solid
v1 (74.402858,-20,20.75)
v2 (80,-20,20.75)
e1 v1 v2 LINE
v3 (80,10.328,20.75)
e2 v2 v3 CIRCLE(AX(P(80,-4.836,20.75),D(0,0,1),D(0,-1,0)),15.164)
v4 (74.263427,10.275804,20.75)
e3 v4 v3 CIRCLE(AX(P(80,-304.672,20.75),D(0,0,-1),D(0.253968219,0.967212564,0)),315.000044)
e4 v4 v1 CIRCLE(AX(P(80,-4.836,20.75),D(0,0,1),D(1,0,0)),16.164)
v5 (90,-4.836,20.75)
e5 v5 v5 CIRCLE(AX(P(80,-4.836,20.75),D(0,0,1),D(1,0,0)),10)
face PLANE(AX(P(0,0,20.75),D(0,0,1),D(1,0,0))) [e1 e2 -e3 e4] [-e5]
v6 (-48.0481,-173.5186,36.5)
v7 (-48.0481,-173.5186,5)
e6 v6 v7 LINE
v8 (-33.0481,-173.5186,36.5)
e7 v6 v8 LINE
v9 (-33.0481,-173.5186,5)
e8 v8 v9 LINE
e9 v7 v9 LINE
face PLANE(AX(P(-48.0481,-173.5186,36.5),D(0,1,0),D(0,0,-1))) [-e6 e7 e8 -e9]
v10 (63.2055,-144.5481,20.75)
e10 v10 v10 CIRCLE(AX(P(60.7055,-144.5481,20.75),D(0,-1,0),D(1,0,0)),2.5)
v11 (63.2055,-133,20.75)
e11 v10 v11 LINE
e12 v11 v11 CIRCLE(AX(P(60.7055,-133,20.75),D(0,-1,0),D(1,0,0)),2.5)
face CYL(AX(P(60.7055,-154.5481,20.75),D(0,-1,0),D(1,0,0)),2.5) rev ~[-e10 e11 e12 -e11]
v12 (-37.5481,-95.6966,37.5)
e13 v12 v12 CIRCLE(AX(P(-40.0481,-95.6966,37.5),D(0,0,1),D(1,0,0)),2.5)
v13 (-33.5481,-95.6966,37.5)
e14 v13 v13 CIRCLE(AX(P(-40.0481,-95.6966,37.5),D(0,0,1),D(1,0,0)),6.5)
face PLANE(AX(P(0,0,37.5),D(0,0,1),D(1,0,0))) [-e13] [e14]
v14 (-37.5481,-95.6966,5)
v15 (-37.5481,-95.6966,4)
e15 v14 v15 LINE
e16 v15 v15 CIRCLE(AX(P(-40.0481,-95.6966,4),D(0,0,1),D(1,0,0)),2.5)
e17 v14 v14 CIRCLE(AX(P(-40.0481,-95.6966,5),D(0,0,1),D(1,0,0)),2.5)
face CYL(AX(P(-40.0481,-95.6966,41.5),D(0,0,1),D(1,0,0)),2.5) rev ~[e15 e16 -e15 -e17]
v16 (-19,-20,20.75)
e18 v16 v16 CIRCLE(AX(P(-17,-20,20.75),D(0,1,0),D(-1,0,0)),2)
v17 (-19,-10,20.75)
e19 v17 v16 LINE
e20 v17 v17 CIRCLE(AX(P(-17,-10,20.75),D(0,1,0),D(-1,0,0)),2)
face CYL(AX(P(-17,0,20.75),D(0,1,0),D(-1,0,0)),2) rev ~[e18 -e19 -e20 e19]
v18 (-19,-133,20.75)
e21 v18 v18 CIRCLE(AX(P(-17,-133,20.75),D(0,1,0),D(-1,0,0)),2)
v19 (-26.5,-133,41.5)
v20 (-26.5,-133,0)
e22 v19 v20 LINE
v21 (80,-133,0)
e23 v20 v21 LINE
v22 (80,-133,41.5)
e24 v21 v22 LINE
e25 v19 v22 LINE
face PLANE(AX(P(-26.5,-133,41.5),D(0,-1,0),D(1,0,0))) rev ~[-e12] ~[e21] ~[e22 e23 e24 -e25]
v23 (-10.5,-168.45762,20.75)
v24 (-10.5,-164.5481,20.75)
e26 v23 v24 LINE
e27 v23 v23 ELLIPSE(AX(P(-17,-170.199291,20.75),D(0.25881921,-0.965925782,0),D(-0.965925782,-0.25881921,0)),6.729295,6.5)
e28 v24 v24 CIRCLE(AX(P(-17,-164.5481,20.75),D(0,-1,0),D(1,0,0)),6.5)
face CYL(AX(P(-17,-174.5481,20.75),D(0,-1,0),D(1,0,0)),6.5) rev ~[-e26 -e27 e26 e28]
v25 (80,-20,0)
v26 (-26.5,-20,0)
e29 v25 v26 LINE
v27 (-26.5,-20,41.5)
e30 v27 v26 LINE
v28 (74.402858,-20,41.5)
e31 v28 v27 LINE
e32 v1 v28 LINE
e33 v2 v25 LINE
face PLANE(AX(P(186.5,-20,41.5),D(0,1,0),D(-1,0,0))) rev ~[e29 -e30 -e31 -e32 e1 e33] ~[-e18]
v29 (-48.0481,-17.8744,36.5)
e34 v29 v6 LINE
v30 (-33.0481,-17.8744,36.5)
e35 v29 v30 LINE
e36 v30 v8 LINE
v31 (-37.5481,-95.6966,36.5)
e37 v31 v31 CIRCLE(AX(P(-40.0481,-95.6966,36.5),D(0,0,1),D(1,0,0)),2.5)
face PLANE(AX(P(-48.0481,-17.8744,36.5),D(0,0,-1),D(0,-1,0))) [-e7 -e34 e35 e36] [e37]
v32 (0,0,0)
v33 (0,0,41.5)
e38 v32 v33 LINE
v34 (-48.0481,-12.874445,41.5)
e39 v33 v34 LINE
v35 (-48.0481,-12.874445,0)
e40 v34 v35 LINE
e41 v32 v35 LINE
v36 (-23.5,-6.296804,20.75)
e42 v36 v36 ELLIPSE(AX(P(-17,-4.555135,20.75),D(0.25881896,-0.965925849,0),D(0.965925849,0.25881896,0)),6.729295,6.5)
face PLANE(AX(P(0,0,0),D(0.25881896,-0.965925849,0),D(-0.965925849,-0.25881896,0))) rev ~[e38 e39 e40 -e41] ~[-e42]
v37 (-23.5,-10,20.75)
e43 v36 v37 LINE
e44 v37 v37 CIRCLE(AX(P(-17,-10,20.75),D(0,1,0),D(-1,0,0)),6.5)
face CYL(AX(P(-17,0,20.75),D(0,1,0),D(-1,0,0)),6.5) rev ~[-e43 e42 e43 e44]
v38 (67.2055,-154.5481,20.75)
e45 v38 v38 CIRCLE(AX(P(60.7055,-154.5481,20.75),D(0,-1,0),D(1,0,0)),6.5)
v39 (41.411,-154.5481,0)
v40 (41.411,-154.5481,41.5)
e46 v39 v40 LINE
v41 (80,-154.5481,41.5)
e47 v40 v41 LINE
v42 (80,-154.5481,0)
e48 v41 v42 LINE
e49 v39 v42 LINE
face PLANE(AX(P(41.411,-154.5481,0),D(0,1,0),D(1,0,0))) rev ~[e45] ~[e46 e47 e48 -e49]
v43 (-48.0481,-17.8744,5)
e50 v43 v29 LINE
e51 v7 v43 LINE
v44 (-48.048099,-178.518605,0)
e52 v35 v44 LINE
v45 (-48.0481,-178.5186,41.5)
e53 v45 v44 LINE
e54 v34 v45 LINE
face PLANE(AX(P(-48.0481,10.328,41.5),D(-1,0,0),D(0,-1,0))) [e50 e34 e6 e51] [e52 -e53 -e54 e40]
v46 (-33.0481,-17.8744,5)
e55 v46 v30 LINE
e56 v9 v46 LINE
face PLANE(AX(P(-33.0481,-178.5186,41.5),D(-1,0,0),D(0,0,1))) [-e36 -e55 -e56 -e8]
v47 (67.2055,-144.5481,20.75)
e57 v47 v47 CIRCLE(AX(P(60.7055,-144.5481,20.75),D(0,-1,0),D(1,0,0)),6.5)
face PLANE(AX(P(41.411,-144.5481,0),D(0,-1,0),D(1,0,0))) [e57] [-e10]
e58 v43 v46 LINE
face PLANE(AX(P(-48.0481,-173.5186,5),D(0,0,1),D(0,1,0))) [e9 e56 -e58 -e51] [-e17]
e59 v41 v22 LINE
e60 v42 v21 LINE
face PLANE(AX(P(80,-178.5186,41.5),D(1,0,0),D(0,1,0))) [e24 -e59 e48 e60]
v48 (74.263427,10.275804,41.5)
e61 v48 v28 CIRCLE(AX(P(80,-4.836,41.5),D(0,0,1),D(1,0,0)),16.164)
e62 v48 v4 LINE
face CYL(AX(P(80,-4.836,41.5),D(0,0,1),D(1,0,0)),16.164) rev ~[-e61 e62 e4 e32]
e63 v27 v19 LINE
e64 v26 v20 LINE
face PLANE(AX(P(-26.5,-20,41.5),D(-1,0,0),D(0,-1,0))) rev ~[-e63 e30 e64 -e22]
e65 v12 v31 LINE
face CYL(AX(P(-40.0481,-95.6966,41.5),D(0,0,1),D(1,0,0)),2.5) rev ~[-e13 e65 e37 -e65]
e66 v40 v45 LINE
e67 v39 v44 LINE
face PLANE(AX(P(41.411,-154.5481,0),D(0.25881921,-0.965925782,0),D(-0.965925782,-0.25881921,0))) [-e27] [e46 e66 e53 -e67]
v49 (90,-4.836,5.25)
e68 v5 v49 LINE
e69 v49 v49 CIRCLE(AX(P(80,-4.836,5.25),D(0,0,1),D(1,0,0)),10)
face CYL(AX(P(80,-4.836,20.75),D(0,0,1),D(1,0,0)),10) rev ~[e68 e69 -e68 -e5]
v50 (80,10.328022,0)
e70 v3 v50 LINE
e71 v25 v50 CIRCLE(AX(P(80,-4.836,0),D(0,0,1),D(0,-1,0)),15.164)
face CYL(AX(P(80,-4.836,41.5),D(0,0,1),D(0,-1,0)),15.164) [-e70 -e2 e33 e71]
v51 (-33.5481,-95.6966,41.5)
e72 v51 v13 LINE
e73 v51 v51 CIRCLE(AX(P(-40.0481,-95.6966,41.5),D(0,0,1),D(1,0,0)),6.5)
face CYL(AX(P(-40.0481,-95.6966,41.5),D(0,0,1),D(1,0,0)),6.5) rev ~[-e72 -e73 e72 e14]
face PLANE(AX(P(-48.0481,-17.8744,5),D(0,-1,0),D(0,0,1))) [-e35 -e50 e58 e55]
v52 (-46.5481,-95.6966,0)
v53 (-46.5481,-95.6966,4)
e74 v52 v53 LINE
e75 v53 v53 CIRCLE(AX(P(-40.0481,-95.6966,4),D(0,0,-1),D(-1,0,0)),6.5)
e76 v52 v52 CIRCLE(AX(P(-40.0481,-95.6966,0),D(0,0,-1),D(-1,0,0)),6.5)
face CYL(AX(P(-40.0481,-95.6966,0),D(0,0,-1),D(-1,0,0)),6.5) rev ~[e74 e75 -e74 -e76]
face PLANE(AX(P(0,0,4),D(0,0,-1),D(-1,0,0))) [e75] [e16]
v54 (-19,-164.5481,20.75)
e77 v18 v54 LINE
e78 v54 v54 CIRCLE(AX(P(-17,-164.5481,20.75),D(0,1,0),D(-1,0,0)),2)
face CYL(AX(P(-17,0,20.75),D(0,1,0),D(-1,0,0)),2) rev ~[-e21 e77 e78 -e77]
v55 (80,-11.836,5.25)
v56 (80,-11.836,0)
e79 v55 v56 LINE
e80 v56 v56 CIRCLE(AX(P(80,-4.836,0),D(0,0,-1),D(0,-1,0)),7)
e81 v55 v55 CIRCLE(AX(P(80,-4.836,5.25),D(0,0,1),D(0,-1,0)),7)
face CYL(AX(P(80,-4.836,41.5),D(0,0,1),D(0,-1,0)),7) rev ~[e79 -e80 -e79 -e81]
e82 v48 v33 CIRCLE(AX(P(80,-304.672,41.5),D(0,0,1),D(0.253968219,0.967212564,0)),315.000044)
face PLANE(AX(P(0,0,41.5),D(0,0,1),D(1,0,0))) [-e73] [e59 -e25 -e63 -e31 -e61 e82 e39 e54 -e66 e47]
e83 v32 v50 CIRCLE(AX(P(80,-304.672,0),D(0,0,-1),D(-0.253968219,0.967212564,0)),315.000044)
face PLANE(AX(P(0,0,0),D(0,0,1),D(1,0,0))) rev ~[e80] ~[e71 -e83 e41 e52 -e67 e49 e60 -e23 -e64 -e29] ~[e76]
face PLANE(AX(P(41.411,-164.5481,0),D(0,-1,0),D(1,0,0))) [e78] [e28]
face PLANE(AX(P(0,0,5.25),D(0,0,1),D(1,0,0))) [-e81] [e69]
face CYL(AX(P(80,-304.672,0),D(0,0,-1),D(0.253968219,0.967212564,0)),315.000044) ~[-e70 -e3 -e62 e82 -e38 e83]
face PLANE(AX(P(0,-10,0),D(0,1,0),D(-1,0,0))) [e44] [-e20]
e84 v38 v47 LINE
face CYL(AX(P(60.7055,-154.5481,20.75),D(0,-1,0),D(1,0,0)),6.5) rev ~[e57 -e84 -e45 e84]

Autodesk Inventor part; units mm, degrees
ref_plane "YZ Plane" through (0, 0, 0) normal (1, 0, 0) x (0, 1, 0)
ref_plane "XZ Plane" through (0, 0, 0) normal (0, 1, 0) x (-1, 0, 0)
sketch "Sketch1" plane through (0, 0, 0) normal (0, 0, 1) x (1, 0, 0)
  line L0 (0, 0) -> (160, 0) construction
  line L1 (160, 0) -> (118.589, -154.5481) construction
  line L2 (0, 0) -> (41.411, -154.5481) construction
  line L3 (41.411, -154.5481) -> (118.589, -154.5481)
  circle A0 centre (235.8871, -103.156) radius 80 construction
  line L4 (160, 0) -> (256.5926, -25.8819)
  line L5 (118.589, -154.5481) -> (215.1815, -180.43)
  arc A1 (215.1815, -180.43) -> (256.5926, -25.8819) centre (235.8871, -103.156) ccw
  circle A2 centre (-75.8871, -103.156) radius 80 construction
  line L6 (0, 0) -> (-96.5926, -25.8819)
  line L7 (41.411, -154.5481) -> (-55.1815, -180.43)
  arc A3 (-96.5926, -25.8819) -> (-55.1815, -180.43) centre (-75.8871, -103.156) ccw
  arc A4 (160, 0) -> (0, 0) centre (80, -304.672) ccw
  dimension "d0" = 160
  dimension "d1" = 160
  dimension "d2" = 160
  dimension "d3" = 75
  dimension "d4" = 75
  dimension "d5" = 160
  dimension "d6" = 100
  dimension "d7" = 160
  dimension "d9" = 100
  dimension "d56" = 315
extrude "Extrusion1" add sketch "Sketch1" along normal blind 41.5
sketch "Sketch2" plane through (0, 0, 41.5) normal (0, 0, 1) x (1, 0, 0)
  line L0 (-26.5, -133) -> (186.5, -133)
  line L1 (186.5, -133) -> (186.5, -20)
  line L2 (186.5, -20) -> (-26.5, -20)
  line L3 (-26.5, -20) -> (-26.5, -133)
  line L4 (0, 0) -> (-96.5926, -25.8819) projected
  arc A0 (160, 0) -> (0, 0) centre (80, -304.672) ccw projected
  line L5 (0, 0) -> (160, 0)
  point P0 (80, -20)
  point P1 (80, 0)
  dimension "d12" = 213
  dimension "d13" = 113
  dimension "d57" = 20
extrude "Extrusion2" cut sketch "Sketch2" against normal through all contours L3 L2 L1 L0
sketch "Sketch3" plane through (0, 0, 41.5) normal (0, 0, 1) x (1, 0, 0)
  line L0 (186.5, -20) -> (186.5, -133) construction
  line L1 (186.5, -133) -> (-26.5, -133) construction
  line L2 (-26.5, -133) -> (-26.5, -20) construction
  line L3 (-26.5, -20) -> (186.5, -20) construction
  line L4 (0, 0) -> (-96.5926, -25.8819) construction
  arc A0 (-96.5926, -25.8819) -> (-55.1815, -180.43) centre (-75.8871, -103.156) ccw construction
  line L5 (-55.1815, -180.43) -> (41.411, -154.5481) construction
  line L6 (41.411, -154.5481) -> (118.589, -154.5481) construction
  line L7 (118.589, -154.5481) -> (215.1815, -180.43) construction
  arc A1 (215.1815, -180.43) -> (256.5926, -25.8819) centre (235.8871, -103.156) ccw construction
  line L8 (256.5926, -25.8819) -> (160, 0) construction
  line L9 (-48.0481, -154.5481) -> (208.0481, -154.5481) construction
  line L10 (208.0481, -154.5481) -> (208.0481, 10.328) construction
  line L11 (-48.0481, 10.328) -> (-48.0481, -154.5481) construction
  line L12 (-48.0481, 10.328) -> (-48.0481, -178.5186)
  line L13 (-55.1815, -180.43) -> (41.411, -154.5481) projected
  line L14 (208.0481, 10.328) -> (208.0481, -178.5186)
  line L15 (118.589, -154.5481) -> (215.1815, -180.43) projected
  line L16 (-48.0481, -178.5186) -> (208.0481, -178.5186)
  line L17 (-48.0481, 10.328) -> (208.0481, 10.328)
  line L18 (-157.6505, -218.8456) -> (317.6505, -218.8456)
  line L19 (317.6505, -218.8456) -> (317.6505, 50.655)
  line L20 (317.6505, 50.655) -> (-157.6505, 50.655)
  line L21 (-157.6505, 50.655) -> (-157.6505, -218.8456)
  arc A2 (160, 0) -> (0, 0) centre (80, -304.672) ccw projected
  point P0 (80, -154.5481)
  point P1 (80, 10.328)
  point P2 (208.0481, -84.0953)
  point P3 (317.6505, -84.0953)
  point P4 (80, 10.328)
  point P5 (80, -218.8456)
  dimension "d22" = 269.5006
  dimension "d23" = 475.3011
extrude "Extrusion3" cut sketch "Sketch3" against normal through all
sketch "Sketch5" plane through (0, 0, 41.5) normal (0, 0, 1) x (1, 0, 0)
  line L0 (118.589, -154.5481) -> (208.0481, -178.5186) projected
  line L1 (208.0481, -178.5186) -> (80, -178.5186)
  line L2 (80, -178.5186) -> (80, 10.328)
  line L3 (80, 10.328) -> (208.0481, 10.328)
  line L4 (208.0481, 10.328) -> (208.0481, -178.5186)
  arc A0 (160, 0) -> (0, 0) centre (80, -304.672) ccw projected
extrude "Extrusion4" cut sketch "Sketch5" against normal through all
sketch "Sketch6" plane through (0, 0, 0) normal (0, 1, 0) x (-1, 0, 0)
  circle A0 centre (17, 20.75) radius 2
  line L0 (26.5, 41.5) -> (26.5, 0) projected
  point P0 (26.5, 20.75)
  dimension "d24" = 4
  dimension "d58" = 9.5
extrude "Extrusion5" cut sketch "Sketch6" along normal through all both and the other way through all
sketch "Sketch7" plane through (0, 0, 0) normal (0, 1, 0) x (-1, 0, 0)
  circle A0 centre (17, 20.75) radius 2 projected
  circle A1 centre (17, 20.75) radius 6.5
  dimension "d59" = 13
extrude "Extrusion6" cut sketch "Sketch7" against normal blind 10
ref_plane "Work Plane1" through (41.411, -174.5481, 0) normal (0, -1, 0) x (1, 0, 0)
sketch "Sketch8" plane through (41.411, -174.5481, 0) normal (0, -1, 0) x (1, 0, 0)
  circle A0 centre (-58.411, 20.75) radius 2 projected
  circle A1 centre (-58.411, 20.75) radius 6.5
  point P0 (-41.411, 0)
  dimension "d32" = 13
extrude "Extrusion7" cut sketch "Sketch8" against normal blind 10
sketch "Sketch11" plane through (41.411, -154.5481, 0) normal (0, -1, 0) x (1, 0, 0)
  line L0 (0, 41.5) -> (38.589, 41.5) projected
  line L1 (0, 0) -> (0, 41.5) projected
  line L2 (0, 0) -> (38.589, 0) projected
  line L3 (38.589, 0) -> (38.589, 41.5) projected
  circle A0 centre (19.2945, 20.75) radius 2.5
  circle A1 centre (19.2945, 20.75) radius 6.5
  point P0 (-41.411, 0)
  point P1 (0, 20.75)
  point P2 (19.2945, 41.5)
  dimension "d73" = 5
  dimension "d74" = 13
extrude "Extrusion10" cut sketch "Sketch11" against normal blind 10 contours A1
sketch "Sketch12" plane through (-48.0481, -178.5186, 41.5) normal (-1, 0, 0) x (0, 0, 1)
  line L0 (-41.5, 0) -> (-41.5, 165.6442) projected
  line L1 (0, 0) -> (-41.5, 0) projected
  line L2 (0, 165.6442) -> (0, 0) projected
  line L3 (-41.5, 165.6442) -> (0, 165.6442) projected
  line L4 (-5, 5) -> (-36.5, 5)
  line L5 (-36.5, 5) -> (-36.5, 160.6442)
  line L6 (-36.5, 160.6442) -> (-5, 160.6442)
  line L7 (-5, 160.6442) -> (-5, 5)
  point P0 (-41.5, 178.5186)
  dimension "d43" = 5
extrude "Extrusion11" cut sketch "Sketch12" against normal blind 15 contours L4 L5 L6 L7
sketch "Sketch13" plane through (0, 0, 41.5) normal (0, 0, 1) x (1, 0, 0)
  circle A0 centre (-40.0481, -95.6966) radius 2.5
  line L0 (-48.0481, -12.8745) -> (-48.0481, -178.5186) projected
  point P0 (0, 0)
  point P1 (-48.0481, -95.6966)
  dimension "d46" = 5
  dimension "d47" = 8
extrude "Extrusion12" cut sketch "Sketch13" against normal through all
sketch "Sketch14" plane through (0, 0, 41.5) normal (0, 0, 1) x (1, 0, 0)
  circle A0 centre (-40.0481, -95.6966) radius 2.5 projected
  circle A1 centre (-40.0481, -95.6966) radius 6.5
  point P0 (0, 0)
  dimension "d50" = 13
extrude "Extrusion13" cut sketch "Sketch14" against normal blind 4
sketch "Sketch15" plane through (0, 0, 0) normal (0, 0, -1) x (-1, 0, 0)
  circle A0 centre (40.0481, -95.6966) radius 2.5 projected
  circle A1 centre (40.0481, -95.6966) radius 2.5 projected
  circle A2 centre (40.0481, -95.6966) radius 6.5
  point P0 (0, 0)
  dimension "d53" = 13
extrude "Extrusion14" cut sketch "Sketch15" against normal blind 4
sketch "Sketch16" plane through (0, 0, 41.5) normal (0, 0, 1) x (1, 0, 0)
  line L0 (80, -20) -> (80, 10.328) construction
  circle A0 centre (80, -4.836) radius 7 construction
  circle A1 centre (80, -4.836) radius 15.164 construction
  arc A2 (80, -20) -> (80, 10.328) centre (80, -4.836) ccw
  arc A3 (80, -11.836) -> (80, 2.164) centre (80, -4.836) ccw
  arc A4 (80, 10.328) -> (0, 0) centre (80, -304.672) ccw projected
  line L1 (80, 10.328) -> (80, 2.164)
  line L2 (80, -11.836) -> (80, -20)
  dimension "d62" = 14
extrude "Extrusion15" add sketch "Sketch16" against normal blind 41.5
sketch "Sketch17" plane through (0, 0, 41.5) normal (0, 0, 1) x (1, 0, 0)
  arc A0 (80, -11.836) -> (80, 2.164) centre (80, -4.836) ccw construction
  circle A1 centre (80, -4.836) radius 7
  point P0 (0, 0)
extrude "Extrusion16" cut sketch "Sketch17" against normal through all
sketch "Sketch19" plane through (0, 0, 41.5) normal (0, 0, 1) x (1, 0, 0)
  circle A0 centre (80, -4.836) radius 7 projected
  arc A1 (80, -20) -> (80, 10.328) centre (80, -4.836) ccw projected
  circle A2 centre (80, -4.836) radius 15.164 construction
  circle A3 centre (80, -4.836) radius 16.164
  point P0 (0, 0)
  dimension "d72" = 1
extrude "Extrusion18" cut sketch "Sketch19" against normal blind 20.75
sketch "Sketch20" plane through (60.7055, -154.5481, 20.75) normal (0, -1, 0) x (1, 0, 0)
  circle A0 centre (0, 0) radius 2.5 projected
  point P0 (-60.7055, -20.75)
extrude "Extrusion19" cut sketch "Sketch20" against normal blind 50
sketch "Sketch21" plane through (0, 0, 20.75) normal (0, 0, 1) x (1, 0, 0)
  circle A0 centre (80, -4.836) radius 6.5
  circle A1 centre (80, -4.836) radius 10
  point P0 (0, 0)
  dimension "d77" = 20
extrude "Extrusion20" cut sketch "Sketch21" against normal blind 15.5 contours A0 | A1
properties part number "Riser Base" material "ABS Plastic"
